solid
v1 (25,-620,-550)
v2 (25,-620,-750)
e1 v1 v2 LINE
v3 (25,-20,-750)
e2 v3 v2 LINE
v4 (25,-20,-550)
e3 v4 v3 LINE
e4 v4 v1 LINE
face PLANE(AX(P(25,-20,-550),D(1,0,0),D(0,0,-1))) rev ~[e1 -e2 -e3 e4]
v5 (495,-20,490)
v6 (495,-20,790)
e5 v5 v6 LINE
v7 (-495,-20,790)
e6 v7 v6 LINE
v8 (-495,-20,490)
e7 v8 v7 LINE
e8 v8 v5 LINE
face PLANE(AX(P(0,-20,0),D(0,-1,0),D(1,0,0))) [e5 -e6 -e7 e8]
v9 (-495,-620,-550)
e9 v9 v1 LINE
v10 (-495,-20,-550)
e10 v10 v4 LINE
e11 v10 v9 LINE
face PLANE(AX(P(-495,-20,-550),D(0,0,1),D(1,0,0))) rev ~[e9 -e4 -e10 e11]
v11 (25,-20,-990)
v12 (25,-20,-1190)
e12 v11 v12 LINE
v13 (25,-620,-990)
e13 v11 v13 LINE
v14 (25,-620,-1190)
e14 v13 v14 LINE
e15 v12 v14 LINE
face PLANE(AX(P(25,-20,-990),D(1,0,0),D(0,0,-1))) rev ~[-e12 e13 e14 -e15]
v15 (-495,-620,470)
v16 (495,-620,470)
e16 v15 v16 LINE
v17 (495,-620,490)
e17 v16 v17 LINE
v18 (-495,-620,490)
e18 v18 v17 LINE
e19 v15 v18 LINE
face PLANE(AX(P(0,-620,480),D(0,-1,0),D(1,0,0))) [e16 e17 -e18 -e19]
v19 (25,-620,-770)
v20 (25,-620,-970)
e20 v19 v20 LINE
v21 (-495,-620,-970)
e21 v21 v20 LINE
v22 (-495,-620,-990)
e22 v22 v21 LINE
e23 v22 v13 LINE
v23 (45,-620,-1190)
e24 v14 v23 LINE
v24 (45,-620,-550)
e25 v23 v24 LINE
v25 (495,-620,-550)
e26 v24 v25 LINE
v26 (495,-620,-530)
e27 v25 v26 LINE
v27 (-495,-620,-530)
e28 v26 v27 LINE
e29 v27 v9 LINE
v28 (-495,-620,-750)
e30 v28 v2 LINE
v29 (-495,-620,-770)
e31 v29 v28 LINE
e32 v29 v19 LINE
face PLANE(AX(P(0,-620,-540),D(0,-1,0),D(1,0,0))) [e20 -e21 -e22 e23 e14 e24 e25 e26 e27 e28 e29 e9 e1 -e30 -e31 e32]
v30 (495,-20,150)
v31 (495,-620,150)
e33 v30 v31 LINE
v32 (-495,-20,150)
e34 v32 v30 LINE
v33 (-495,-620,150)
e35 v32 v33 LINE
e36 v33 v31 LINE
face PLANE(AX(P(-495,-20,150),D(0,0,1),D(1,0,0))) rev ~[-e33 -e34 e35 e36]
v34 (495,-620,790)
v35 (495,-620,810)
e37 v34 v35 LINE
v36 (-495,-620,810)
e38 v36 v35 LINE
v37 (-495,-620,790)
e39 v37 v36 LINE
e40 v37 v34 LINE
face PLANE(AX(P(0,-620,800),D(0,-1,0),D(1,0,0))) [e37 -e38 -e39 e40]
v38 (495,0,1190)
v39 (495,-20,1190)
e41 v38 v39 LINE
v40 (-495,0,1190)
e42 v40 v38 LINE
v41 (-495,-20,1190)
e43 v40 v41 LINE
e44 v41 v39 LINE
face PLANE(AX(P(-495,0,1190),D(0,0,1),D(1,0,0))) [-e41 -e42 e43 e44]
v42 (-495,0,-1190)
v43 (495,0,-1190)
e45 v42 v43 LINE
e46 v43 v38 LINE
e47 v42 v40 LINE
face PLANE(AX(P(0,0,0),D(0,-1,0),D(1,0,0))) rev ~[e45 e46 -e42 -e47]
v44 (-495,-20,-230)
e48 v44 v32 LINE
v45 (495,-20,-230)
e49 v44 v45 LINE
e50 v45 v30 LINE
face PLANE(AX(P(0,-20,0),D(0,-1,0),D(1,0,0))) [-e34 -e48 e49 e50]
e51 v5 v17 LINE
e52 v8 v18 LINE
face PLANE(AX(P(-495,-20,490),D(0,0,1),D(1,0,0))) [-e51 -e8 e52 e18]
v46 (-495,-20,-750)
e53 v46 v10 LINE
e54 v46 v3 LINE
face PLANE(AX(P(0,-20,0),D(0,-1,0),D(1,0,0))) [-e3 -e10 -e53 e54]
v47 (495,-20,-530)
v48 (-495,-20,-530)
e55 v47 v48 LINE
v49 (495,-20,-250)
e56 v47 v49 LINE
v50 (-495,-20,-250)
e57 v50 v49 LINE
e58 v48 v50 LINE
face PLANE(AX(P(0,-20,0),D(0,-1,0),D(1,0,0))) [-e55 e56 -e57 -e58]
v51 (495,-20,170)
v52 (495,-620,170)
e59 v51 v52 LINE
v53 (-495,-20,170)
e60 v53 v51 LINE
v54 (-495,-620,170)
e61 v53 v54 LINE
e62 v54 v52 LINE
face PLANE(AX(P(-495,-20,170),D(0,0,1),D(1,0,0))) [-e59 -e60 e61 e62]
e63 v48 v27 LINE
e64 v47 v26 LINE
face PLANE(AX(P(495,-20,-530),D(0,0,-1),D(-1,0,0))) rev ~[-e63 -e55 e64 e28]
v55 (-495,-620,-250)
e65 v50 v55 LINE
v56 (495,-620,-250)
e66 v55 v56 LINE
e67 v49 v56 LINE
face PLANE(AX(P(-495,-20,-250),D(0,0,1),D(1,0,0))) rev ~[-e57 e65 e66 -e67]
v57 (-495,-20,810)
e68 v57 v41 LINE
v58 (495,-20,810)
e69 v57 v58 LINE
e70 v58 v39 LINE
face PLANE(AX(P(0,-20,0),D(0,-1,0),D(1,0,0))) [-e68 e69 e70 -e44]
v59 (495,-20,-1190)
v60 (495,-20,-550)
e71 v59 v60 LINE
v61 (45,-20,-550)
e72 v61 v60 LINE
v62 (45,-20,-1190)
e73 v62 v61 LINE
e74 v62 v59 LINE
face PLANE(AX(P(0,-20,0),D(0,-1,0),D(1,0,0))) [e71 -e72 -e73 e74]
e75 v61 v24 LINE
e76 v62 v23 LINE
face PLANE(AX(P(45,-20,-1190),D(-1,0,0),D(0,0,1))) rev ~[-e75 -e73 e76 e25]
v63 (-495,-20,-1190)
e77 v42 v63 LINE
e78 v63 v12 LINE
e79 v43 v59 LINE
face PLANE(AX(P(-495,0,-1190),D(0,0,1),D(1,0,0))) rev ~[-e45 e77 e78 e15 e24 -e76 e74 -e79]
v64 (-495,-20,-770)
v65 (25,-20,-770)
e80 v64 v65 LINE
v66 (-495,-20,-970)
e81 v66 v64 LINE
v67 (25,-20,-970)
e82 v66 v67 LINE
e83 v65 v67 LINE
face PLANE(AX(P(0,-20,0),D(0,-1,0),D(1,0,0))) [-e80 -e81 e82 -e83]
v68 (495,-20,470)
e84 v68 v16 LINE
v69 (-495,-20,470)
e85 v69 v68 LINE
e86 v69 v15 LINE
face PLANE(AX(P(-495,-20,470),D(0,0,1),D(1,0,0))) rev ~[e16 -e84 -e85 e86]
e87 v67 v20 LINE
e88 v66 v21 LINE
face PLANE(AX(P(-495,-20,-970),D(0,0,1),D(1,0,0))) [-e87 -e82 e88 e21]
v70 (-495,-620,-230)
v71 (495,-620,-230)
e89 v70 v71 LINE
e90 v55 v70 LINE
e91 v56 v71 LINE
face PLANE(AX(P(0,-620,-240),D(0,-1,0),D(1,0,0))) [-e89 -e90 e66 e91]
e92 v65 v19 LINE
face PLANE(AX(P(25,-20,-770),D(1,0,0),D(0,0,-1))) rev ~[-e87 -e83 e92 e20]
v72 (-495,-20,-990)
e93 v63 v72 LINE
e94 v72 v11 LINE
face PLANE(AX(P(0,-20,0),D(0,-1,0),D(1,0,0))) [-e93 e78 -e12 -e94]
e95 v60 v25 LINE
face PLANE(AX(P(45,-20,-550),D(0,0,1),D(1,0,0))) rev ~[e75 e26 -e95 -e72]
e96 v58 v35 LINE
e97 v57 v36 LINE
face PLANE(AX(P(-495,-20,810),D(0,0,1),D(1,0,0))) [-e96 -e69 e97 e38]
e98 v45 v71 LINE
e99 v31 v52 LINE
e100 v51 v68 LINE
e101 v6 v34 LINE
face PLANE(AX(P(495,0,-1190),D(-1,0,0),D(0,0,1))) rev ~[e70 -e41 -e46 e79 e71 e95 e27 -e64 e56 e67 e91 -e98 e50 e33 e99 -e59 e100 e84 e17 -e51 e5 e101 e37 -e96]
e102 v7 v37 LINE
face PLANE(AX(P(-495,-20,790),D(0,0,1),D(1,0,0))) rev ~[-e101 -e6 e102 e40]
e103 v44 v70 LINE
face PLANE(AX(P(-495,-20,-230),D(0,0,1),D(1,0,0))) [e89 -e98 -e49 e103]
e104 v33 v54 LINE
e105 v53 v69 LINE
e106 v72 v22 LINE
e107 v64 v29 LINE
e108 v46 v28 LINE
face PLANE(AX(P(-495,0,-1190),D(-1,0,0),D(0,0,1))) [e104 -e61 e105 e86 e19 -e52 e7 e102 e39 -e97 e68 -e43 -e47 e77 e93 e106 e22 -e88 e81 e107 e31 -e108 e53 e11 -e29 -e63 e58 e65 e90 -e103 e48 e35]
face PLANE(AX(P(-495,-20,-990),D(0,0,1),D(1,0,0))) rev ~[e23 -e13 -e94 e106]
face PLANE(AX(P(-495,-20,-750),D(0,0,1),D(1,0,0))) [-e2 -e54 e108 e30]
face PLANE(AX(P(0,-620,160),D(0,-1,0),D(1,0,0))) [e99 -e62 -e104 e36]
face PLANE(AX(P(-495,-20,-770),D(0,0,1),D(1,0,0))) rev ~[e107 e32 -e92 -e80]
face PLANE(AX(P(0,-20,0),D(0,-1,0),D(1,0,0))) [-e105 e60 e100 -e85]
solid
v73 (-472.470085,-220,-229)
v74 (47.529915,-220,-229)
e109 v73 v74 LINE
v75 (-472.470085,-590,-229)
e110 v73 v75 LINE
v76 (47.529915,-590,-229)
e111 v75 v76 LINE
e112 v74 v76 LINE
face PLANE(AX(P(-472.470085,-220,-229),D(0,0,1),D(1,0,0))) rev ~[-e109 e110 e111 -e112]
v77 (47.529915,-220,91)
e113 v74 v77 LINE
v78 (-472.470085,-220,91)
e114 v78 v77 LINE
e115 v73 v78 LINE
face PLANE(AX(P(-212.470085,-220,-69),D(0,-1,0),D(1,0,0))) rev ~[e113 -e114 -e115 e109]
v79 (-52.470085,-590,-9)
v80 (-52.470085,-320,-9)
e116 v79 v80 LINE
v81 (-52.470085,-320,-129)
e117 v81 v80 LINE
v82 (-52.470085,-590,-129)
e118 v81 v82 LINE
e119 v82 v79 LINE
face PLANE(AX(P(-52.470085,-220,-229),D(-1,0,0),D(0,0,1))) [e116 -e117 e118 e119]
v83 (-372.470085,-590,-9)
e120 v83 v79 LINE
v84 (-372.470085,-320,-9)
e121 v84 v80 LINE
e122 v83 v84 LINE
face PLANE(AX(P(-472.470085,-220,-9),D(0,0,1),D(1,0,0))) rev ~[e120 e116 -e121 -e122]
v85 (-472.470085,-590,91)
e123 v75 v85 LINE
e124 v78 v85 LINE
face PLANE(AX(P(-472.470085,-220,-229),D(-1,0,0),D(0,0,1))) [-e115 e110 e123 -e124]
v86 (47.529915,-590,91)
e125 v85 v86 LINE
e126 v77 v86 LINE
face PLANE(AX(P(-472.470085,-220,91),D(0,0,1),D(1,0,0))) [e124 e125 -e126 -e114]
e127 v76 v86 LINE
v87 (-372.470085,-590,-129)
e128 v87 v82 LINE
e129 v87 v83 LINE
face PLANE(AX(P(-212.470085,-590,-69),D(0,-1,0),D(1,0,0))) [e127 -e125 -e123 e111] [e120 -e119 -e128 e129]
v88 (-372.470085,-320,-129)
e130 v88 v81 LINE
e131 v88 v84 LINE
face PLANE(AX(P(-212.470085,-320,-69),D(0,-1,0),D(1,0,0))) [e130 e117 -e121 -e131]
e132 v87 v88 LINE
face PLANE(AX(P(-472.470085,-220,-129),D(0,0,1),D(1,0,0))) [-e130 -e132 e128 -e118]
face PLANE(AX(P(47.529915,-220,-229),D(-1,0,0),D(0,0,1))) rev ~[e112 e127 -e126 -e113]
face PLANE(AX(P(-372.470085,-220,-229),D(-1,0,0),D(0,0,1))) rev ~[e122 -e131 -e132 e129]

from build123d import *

# Parameters (mm, degrees)
F0_W     = 990
F0_H     = 2380
F1_DEPTH = 20
F2_W     = 520
F2_H     = 20
F2_W_2   = 990
F3_DEPTH = 600
F5_W     = 520
F5_H     = 320
F6_DEPTH = 370
F7_T     = -100


with BuildPart() as f1:
    # F0 (on Front) → F1 (new body)
    with BuildSketch(Plane.XZ):
        Rectangle(F0_W, F0_H)
    extrude(amount=F1_DEPTH)

    # F2 (on face) → F3 (join)
    with BuildSketch(Plane.XZ.offset(20)):
        Polygon((495, -530), (-495, -530), (-495, -550), (25, -550), (45, -550), (495, -550), align=None)
        Polygon((45, -550), (25, -550), (25, -750), (25, -770), (25, -970), (25, -990), (25, -1190), (45, -1190), align=None)
        with Locations((-235, -760)):
            Rectangle(F2_W, F2_H)
        with Locations((-235, -980)):
            Rectangle(F2_W, F2_H)
        with Locations((0, -240)):
            Rectangle(F2_W_2, F2_H)
        with Locations((0, 160)):
            Rectangle(F2_W_2, F2_H)
        with Locations((0, 480)):
            Rectangle(F2_W_2, F2_H)
        with Locations((0, 800)):
            Rectangle(F2_W_2, F2_H)
    extrude(amount=F3_DEPTH)


with BuildPart() as f6:
    # F5 (on offset) → F6 (new body)
    with BuildSketch(Plane.XZ.offset(220)):
        with Locations((-212.4700854719, -69)):
            Rectangle(F5_W, F5_H)
    extrude(amount=F6_DEPTH)

    # F7
    f7_openings = [f6.faces().sort_by_distance(p)[0] for p in [
        (-212.470085, -590, -69),
    ]]
    offset(amount=F7_T, openings=f7_openings)


solid = Compound([f1.part, f6.part])
